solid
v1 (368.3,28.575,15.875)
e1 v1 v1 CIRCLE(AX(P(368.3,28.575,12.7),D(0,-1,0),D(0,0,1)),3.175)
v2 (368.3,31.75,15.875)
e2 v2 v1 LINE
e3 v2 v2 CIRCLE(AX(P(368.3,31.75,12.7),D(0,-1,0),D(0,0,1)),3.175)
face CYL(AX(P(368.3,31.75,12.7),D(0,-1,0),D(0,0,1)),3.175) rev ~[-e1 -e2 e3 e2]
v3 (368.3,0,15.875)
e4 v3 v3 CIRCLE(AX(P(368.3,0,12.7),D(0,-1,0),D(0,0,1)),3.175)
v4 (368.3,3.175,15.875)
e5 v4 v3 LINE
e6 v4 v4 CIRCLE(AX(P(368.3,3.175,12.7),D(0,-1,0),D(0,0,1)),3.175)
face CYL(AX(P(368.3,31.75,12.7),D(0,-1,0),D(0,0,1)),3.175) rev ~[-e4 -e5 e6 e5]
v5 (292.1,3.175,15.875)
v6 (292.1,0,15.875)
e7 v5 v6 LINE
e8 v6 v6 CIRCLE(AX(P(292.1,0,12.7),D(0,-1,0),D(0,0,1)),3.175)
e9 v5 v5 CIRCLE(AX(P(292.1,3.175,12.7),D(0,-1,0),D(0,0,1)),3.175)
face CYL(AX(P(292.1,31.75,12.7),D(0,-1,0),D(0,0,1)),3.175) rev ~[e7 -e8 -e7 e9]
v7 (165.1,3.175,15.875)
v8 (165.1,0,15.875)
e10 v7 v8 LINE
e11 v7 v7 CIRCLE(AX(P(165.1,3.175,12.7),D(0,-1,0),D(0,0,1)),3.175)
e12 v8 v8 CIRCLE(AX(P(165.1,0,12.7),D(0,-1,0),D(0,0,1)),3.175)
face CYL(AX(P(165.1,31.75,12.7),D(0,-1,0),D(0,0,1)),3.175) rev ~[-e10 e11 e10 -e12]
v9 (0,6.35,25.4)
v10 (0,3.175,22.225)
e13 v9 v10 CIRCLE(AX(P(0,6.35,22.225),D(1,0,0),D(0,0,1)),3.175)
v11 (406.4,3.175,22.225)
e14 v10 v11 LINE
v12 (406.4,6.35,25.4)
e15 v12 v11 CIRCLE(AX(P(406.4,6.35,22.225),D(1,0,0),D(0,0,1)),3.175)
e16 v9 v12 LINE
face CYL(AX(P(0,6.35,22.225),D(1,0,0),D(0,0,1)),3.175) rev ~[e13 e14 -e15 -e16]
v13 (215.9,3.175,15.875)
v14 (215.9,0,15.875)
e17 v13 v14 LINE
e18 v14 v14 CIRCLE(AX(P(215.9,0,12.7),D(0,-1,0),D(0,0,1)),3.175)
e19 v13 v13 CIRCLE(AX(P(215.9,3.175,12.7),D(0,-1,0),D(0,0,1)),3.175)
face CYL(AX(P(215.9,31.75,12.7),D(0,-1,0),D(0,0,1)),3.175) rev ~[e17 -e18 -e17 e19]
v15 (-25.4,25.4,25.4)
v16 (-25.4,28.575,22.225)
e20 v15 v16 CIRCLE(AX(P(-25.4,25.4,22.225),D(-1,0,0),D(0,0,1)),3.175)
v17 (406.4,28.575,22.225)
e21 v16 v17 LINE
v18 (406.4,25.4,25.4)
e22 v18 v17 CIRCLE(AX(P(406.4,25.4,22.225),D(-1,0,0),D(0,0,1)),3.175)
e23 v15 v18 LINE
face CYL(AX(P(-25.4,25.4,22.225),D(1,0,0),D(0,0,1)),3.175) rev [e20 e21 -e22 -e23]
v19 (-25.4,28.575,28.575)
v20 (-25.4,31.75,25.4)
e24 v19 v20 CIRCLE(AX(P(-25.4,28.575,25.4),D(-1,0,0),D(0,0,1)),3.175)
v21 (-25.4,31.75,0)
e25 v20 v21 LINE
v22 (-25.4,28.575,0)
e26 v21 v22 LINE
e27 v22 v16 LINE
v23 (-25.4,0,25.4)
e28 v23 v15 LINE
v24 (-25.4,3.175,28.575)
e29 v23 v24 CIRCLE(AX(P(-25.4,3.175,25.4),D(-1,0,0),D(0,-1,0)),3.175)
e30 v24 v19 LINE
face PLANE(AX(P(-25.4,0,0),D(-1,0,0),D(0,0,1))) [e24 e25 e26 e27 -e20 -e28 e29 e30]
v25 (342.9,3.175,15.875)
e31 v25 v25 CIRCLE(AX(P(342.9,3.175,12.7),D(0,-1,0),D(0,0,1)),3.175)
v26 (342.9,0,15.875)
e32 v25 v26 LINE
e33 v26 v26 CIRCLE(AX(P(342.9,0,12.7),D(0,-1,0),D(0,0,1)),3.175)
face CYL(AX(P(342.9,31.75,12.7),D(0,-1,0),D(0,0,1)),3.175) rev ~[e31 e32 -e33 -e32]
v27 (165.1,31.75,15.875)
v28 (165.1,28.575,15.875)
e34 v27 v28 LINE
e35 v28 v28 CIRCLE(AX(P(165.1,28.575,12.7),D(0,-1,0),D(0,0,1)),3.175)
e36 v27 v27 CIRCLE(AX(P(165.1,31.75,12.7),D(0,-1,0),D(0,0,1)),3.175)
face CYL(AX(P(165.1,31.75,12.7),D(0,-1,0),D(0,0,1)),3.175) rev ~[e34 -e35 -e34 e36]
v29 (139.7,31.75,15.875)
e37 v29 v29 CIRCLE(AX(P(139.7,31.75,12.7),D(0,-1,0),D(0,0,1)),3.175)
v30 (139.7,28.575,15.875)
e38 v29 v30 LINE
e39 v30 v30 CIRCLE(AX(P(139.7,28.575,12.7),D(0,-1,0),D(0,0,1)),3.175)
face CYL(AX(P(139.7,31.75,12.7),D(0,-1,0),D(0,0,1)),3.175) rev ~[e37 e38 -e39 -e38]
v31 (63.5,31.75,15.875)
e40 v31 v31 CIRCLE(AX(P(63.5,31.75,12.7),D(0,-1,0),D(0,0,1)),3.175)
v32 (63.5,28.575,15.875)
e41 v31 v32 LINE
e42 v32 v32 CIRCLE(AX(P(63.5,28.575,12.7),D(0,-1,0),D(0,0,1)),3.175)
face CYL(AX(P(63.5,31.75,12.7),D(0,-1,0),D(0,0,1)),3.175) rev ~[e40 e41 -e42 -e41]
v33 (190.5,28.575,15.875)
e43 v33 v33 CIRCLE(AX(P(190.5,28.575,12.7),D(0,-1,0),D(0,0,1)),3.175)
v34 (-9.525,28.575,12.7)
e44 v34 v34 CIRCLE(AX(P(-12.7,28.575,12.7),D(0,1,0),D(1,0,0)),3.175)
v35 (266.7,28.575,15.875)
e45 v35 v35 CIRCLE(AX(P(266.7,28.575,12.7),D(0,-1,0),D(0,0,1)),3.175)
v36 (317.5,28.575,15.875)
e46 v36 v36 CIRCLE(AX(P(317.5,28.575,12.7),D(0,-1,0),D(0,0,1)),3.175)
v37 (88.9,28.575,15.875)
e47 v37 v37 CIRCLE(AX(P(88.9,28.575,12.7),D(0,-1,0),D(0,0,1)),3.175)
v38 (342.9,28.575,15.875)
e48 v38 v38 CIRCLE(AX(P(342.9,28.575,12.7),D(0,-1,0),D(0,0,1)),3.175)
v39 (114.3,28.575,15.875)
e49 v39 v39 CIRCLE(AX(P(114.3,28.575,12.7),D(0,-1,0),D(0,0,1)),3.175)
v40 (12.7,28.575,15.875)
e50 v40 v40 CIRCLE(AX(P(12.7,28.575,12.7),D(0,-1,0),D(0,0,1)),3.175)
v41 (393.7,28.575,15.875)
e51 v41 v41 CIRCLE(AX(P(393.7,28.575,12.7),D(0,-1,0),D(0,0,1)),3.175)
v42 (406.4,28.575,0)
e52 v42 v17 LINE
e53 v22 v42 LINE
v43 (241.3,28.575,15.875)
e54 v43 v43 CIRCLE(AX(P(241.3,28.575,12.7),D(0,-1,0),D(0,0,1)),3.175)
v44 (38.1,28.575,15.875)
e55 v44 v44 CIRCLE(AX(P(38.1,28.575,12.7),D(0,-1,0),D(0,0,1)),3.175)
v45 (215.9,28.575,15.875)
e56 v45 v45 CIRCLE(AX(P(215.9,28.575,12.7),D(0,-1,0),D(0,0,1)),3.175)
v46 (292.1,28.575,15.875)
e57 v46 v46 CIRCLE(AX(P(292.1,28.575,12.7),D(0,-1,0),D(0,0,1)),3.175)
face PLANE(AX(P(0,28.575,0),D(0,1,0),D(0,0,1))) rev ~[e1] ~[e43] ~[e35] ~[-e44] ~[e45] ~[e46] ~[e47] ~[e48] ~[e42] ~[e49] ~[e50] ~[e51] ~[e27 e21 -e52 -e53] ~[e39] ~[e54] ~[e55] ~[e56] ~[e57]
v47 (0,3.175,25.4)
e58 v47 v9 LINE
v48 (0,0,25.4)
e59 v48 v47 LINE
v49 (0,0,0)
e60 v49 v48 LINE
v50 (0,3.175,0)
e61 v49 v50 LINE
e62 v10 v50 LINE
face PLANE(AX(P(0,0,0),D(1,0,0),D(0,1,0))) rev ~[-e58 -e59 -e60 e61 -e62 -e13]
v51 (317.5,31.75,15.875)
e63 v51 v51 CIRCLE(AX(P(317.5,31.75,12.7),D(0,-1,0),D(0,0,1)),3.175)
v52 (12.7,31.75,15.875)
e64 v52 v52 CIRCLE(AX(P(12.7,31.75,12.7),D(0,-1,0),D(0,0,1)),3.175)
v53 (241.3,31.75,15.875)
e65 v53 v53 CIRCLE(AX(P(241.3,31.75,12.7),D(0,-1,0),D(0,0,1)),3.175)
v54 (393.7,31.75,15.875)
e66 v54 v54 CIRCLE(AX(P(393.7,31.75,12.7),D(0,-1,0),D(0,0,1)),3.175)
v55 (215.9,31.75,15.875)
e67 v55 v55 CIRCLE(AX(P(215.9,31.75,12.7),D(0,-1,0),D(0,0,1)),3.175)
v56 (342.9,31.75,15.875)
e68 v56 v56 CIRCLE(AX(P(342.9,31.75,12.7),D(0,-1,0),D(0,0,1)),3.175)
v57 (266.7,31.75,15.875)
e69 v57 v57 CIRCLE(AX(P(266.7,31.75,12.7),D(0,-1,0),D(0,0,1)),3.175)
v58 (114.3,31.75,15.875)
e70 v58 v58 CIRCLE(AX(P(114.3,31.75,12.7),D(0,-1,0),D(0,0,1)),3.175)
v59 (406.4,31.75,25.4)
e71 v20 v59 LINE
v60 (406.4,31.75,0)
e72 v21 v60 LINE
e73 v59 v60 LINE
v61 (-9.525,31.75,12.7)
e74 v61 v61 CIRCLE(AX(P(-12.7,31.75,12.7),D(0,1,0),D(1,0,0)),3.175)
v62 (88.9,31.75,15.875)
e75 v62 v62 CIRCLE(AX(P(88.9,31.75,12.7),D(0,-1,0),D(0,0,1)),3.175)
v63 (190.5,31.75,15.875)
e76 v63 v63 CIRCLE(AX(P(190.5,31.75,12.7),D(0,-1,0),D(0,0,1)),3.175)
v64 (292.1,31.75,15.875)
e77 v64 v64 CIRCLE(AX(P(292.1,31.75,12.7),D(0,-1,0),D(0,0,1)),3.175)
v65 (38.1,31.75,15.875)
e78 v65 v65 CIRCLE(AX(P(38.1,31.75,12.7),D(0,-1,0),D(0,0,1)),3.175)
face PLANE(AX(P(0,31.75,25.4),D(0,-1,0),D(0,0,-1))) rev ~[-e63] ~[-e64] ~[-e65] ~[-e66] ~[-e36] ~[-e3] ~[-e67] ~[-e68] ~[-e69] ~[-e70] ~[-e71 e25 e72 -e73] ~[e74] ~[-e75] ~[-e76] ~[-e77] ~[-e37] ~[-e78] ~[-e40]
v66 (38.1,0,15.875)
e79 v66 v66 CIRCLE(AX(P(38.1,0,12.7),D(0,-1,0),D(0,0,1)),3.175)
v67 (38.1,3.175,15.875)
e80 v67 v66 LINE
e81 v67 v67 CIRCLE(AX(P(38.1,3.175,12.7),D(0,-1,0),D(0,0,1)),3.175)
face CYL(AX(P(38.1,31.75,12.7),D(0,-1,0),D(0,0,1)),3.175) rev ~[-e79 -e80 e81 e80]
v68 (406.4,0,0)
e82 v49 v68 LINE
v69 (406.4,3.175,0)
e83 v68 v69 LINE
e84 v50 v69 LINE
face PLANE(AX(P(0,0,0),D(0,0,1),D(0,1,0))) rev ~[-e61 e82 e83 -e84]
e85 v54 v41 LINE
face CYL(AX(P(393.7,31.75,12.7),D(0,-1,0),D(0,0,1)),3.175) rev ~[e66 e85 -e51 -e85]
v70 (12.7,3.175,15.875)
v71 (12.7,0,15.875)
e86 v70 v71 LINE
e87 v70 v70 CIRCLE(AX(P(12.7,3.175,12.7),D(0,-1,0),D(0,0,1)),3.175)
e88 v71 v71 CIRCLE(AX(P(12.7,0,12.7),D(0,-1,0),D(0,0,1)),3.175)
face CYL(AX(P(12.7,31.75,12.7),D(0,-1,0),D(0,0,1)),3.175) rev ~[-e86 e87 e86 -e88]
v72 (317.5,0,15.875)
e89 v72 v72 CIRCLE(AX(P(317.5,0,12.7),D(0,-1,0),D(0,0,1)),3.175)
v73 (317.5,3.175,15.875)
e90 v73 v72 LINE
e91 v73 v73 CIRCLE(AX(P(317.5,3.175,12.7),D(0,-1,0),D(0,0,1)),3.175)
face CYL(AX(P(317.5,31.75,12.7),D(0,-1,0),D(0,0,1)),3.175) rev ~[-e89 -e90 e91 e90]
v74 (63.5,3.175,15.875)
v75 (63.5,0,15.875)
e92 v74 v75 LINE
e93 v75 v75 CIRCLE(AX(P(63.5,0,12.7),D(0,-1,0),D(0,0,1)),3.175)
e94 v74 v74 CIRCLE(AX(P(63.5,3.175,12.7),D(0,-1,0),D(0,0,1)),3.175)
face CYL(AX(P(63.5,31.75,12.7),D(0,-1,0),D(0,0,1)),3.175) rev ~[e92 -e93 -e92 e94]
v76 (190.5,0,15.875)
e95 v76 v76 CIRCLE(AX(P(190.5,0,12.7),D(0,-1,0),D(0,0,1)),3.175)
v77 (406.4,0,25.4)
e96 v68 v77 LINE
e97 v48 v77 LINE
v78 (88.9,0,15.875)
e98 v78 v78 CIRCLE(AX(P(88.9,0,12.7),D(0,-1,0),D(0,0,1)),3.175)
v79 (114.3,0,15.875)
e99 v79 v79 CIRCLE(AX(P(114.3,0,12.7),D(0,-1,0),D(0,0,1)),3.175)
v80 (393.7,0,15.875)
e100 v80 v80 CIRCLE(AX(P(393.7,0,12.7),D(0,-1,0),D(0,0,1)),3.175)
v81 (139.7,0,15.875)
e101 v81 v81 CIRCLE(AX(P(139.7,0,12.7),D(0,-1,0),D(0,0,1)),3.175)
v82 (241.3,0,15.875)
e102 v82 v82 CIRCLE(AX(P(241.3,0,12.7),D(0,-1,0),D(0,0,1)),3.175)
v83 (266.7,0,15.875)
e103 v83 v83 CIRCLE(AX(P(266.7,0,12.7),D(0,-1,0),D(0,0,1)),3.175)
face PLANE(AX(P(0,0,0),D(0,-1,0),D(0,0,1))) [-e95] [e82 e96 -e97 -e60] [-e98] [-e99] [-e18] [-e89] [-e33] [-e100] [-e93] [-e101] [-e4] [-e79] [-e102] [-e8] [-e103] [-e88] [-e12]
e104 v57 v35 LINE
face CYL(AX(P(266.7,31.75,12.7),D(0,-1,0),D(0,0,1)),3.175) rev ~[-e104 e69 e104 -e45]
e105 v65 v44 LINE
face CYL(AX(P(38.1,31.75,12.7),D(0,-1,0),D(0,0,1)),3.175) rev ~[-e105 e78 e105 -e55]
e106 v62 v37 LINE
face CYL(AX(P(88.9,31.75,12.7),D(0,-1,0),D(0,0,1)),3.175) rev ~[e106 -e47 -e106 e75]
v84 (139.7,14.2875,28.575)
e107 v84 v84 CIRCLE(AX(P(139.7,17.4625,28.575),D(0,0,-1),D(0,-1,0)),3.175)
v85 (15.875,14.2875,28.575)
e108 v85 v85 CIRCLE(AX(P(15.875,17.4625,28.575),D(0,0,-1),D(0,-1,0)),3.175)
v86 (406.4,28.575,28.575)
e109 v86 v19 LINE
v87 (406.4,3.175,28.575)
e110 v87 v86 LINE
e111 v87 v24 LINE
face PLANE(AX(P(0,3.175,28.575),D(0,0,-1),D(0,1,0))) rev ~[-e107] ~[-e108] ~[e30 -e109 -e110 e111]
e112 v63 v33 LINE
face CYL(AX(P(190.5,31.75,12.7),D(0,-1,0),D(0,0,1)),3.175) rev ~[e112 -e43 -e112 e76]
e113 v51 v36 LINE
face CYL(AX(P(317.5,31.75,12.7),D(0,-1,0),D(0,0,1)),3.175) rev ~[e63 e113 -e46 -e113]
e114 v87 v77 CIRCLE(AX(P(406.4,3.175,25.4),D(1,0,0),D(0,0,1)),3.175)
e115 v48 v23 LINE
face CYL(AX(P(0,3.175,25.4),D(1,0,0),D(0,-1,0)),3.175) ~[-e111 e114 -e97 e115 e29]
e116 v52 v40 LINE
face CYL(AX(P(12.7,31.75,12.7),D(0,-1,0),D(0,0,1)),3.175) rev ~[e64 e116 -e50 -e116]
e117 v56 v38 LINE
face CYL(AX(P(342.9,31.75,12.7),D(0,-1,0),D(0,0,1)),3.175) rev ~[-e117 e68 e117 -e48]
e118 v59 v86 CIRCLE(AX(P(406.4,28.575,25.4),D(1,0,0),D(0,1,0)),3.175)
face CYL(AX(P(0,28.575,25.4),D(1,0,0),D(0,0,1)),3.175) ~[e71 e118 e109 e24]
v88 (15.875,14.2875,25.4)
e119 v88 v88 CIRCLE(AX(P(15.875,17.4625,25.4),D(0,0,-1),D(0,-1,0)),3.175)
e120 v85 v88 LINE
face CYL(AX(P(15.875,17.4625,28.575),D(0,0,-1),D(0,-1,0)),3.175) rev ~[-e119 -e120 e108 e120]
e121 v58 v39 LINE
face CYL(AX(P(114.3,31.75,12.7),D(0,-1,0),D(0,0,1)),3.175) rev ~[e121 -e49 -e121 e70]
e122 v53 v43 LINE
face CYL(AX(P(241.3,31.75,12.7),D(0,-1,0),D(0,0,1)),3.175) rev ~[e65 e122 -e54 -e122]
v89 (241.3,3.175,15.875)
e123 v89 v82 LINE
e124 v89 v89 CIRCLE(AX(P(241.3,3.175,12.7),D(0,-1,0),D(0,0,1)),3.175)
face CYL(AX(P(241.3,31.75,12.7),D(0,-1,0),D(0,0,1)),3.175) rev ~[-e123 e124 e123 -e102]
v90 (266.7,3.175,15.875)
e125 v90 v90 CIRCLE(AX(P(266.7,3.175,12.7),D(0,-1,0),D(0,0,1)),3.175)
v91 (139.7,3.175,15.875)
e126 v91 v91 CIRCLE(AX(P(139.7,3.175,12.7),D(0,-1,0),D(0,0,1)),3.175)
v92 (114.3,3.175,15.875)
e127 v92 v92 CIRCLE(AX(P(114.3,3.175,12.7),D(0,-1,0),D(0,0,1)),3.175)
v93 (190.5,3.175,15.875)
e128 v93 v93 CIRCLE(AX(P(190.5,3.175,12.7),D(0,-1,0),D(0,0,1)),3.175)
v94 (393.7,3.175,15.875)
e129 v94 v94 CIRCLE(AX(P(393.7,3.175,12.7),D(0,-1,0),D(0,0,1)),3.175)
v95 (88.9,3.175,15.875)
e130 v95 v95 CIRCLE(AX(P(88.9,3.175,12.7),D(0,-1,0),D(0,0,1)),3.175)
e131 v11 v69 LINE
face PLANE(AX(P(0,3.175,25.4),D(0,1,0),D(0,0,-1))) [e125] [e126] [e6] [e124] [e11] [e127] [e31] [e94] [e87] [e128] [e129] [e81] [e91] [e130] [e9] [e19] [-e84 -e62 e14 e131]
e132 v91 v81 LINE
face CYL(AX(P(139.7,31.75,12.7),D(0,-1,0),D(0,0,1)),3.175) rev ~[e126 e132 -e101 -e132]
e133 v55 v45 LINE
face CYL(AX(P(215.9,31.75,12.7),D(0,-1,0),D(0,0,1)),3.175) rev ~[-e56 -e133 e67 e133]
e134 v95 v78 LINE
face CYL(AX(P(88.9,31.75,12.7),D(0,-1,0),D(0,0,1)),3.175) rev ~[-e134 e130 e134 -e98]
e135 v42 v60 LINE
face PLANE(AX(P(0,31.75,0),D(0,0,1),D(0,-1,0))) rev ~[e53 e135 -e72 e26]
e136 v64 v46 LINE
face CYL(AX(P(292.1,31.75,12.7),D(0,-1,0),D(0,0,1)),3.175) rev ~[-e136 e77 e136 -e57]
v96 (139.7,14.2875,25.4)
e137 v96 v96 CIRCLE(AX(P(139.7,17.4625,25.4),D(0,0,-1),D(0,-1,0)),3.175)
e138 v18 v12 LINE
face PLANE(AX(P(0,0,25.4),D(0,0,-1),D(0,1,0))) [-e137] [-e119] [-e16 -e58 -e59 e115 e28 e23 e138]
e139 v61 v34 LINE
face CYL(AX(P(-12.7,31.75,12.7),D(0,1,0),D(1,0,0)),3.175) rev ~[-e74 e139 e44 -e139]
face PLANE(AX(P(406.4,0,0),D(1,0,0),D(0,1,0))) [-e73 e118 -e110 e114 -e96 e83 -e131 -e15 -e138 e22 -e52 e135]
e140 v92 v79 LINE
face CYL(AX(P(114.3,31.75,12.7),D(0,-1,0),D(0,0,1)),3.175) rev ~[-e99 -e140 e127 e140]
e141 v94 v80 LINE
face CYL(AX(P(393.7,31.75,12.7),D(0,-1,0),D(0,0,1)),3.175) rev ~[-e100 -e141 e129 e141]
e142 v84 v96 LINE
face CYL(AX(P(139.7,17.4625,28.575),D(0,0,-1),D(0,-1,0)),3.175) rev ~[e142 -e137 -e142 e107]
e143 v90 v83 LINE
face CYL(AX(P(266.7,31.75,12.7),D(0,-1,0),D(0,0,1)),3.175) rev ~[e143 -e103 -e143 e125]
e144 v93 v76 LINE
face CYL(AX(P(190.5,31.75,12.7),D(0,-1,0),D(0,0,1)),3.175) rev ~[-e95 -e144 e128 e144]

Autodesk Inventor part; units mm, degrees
ref_plane "YZ Plane" through (0, 0, 0) normal (1, 0, 0) x (0, 1, 0)
ref_plane "XZ Plane" through (0, 0, 0) normal (0, 1, 0) x (-1, 0, 0)
ref_plane "XY Plane" through (0, 0, 0) normal (0, 0, 1) x (1, 0, 0)
sketch "Sketch1" plane through (0, 0, 0) normal (1, 0, 0) x (0, 1, 0)
  line L0 (0, 0) -> (0, 25.4)
  line L1 (3.175, 28.575) -> (28.575, 28.575)
  line L2 (31.75, 25.4) -> (31.75, 0)
  line L3 (28.575, 0) -> (28.575, 25.4)
  line L4 (28.575, 25.4) -> (3.175, 25.4)
  line L5 (3.175, 25.4) -> (3.175, 0)
  line L6 (0, 0) -> (3.175, 0)
  line L7 (28.575, 0) -> (31.75, 0)
  arc A0 (3.175, 28.575) -> (0, 25.4) centre (3.175, 25.4) ccw
  arc A1 (31.75, 25.4) -> (28.575, 28.575) centre (28.575, 25.4) ccw
  point P0 (0, 28.575)
  point P1 (31.75, 28.575)
  dimension "d0" = 28.575
  dimension "d2" = 31.75
  dimension "d3" = 90
  dimension "d4" = 28.575
  dimension "d5" = 90
  dimension "d6" = 3.175
  dimension "d7" = 3.175
extrude "Extrusion1" add sketch "Sketch1" along normal blind 406.4
sketch "Sketch2" plane through (0, 31.75, 25.4) normal (0, 1, 0) x (1, 0, 0)
  line L0 (0, 0) -> (0, 25.4) projected
  line L1 (0, 0) -> (406.4, 0) projected
  line L2 (406.4, 25.4) -> (406.4, 0) projected
  line L3 (0, 25.4) -> (406.4, 25.4) projected
  point P0 (0, 25.4)
  point P1 (12.7, 12.7)
  dimension "d10" = 12.7
  dimension "d11" = 12.7
hole "Hole1" at (12.7, 31.75, 12.7) direction (0, -1, 0) diameter 6.35 end through all
pattern_linear "Rectangular Pattern1" count 20 spacing 25.4 along (1, 0, 0) of "Hole1"
sketch "Sketch4" plane through (0, 3.175, 28.575) normal (0, 0, 1) x (1, 0, 0)
  line L0 (0, 0) -> (0, 25.4) projected
  line L1 (0, -3.175) -> (0, 0) projected
  line L2 (0, -3.175) -> (406.4, -3.175) projected
  line L3 (406.4, 0) -> (406.4, -3.175) projected
  line L4 (0, 0) -> (406.4, 0) projected
  point P0 (0, -3.175)
  point P1 (15.875, 14.2875)
  point P2 (139.7, 14.2875)
  dimension "d28" = 15.875
  dimension "d30" = 139.7
  dimension "d45" = 17.4625
  dimension "d46" = 17.4625
hole "Hole2" at (15.875, 17.4625, 28.575) at (139.7, 17.4625, 28.575) direction (0, 0, -1) diameter 6.35 end through all
sketch "Sketch5" plane through (0, 0, 0) normal (-1, 0, 0) x (0, 0, 1)
  line L0 (0, 0) -> (25.4, 0) projected
  arc A0 (25.4, 0) -> (28.575, 3.175) centre (25.4, 3.175) ccw projected
  line L1 (28.575, 3.175) -> (28.575, 28.575) projected
  arc A1 (28.575, 28.575) -> (25.4, 31.75) centre (25.4, 28.575) ccw projected
  line L2 (25.4, 31.75) -> (0, 31.75) projected
  line L3 (0, 31.75) -> (0, 28.575) projected
  line L4 (0, 28.575) -> (25.4, 28.575) projected
  line L5 (25.4, 28.575) -> (25.4, 3.175) projected
  line L6 (25.4, 3.175) -> (0, 3.175)
  line L7 (0, 3.175) -> (0, 0)
  line L8 (0, 0) -> (25.4, 0)
  line L9 (25.4, 0) -> (25.4, 3.175)
extrude "Extrusion3" add sketch "Sketch5" along normal blind 25.4 contours L9 L5 L4 L3 L2 A1 L1 A0
sketch "Sketch6" plane through (406.4, 31.75, 25.4) normal (0, 1, 0) x (1, 0, 0)
  line L0 (0, 25.4) -> (-431.8, 25.4) projected
  line L1 (-431.8, 0) -> (-431.8, 25.4) projected
  circle A0 centre (-419.1, 12.7) radius 3.175
  point P0 (-406.4, 25.4)
  dimension "d40" = 6.35
  dimension "d41" = 12.7
  dimension "d42" = 12.7
extrude "Extrusion4" cut sketch "Sketch6" against normal blind 25.4
fillet "Fillet1" radius 3.175 2 edges at (203.2, 3.175, 25.4) (190.5, 28.575, 25.4)
properties part number "c-channel"
